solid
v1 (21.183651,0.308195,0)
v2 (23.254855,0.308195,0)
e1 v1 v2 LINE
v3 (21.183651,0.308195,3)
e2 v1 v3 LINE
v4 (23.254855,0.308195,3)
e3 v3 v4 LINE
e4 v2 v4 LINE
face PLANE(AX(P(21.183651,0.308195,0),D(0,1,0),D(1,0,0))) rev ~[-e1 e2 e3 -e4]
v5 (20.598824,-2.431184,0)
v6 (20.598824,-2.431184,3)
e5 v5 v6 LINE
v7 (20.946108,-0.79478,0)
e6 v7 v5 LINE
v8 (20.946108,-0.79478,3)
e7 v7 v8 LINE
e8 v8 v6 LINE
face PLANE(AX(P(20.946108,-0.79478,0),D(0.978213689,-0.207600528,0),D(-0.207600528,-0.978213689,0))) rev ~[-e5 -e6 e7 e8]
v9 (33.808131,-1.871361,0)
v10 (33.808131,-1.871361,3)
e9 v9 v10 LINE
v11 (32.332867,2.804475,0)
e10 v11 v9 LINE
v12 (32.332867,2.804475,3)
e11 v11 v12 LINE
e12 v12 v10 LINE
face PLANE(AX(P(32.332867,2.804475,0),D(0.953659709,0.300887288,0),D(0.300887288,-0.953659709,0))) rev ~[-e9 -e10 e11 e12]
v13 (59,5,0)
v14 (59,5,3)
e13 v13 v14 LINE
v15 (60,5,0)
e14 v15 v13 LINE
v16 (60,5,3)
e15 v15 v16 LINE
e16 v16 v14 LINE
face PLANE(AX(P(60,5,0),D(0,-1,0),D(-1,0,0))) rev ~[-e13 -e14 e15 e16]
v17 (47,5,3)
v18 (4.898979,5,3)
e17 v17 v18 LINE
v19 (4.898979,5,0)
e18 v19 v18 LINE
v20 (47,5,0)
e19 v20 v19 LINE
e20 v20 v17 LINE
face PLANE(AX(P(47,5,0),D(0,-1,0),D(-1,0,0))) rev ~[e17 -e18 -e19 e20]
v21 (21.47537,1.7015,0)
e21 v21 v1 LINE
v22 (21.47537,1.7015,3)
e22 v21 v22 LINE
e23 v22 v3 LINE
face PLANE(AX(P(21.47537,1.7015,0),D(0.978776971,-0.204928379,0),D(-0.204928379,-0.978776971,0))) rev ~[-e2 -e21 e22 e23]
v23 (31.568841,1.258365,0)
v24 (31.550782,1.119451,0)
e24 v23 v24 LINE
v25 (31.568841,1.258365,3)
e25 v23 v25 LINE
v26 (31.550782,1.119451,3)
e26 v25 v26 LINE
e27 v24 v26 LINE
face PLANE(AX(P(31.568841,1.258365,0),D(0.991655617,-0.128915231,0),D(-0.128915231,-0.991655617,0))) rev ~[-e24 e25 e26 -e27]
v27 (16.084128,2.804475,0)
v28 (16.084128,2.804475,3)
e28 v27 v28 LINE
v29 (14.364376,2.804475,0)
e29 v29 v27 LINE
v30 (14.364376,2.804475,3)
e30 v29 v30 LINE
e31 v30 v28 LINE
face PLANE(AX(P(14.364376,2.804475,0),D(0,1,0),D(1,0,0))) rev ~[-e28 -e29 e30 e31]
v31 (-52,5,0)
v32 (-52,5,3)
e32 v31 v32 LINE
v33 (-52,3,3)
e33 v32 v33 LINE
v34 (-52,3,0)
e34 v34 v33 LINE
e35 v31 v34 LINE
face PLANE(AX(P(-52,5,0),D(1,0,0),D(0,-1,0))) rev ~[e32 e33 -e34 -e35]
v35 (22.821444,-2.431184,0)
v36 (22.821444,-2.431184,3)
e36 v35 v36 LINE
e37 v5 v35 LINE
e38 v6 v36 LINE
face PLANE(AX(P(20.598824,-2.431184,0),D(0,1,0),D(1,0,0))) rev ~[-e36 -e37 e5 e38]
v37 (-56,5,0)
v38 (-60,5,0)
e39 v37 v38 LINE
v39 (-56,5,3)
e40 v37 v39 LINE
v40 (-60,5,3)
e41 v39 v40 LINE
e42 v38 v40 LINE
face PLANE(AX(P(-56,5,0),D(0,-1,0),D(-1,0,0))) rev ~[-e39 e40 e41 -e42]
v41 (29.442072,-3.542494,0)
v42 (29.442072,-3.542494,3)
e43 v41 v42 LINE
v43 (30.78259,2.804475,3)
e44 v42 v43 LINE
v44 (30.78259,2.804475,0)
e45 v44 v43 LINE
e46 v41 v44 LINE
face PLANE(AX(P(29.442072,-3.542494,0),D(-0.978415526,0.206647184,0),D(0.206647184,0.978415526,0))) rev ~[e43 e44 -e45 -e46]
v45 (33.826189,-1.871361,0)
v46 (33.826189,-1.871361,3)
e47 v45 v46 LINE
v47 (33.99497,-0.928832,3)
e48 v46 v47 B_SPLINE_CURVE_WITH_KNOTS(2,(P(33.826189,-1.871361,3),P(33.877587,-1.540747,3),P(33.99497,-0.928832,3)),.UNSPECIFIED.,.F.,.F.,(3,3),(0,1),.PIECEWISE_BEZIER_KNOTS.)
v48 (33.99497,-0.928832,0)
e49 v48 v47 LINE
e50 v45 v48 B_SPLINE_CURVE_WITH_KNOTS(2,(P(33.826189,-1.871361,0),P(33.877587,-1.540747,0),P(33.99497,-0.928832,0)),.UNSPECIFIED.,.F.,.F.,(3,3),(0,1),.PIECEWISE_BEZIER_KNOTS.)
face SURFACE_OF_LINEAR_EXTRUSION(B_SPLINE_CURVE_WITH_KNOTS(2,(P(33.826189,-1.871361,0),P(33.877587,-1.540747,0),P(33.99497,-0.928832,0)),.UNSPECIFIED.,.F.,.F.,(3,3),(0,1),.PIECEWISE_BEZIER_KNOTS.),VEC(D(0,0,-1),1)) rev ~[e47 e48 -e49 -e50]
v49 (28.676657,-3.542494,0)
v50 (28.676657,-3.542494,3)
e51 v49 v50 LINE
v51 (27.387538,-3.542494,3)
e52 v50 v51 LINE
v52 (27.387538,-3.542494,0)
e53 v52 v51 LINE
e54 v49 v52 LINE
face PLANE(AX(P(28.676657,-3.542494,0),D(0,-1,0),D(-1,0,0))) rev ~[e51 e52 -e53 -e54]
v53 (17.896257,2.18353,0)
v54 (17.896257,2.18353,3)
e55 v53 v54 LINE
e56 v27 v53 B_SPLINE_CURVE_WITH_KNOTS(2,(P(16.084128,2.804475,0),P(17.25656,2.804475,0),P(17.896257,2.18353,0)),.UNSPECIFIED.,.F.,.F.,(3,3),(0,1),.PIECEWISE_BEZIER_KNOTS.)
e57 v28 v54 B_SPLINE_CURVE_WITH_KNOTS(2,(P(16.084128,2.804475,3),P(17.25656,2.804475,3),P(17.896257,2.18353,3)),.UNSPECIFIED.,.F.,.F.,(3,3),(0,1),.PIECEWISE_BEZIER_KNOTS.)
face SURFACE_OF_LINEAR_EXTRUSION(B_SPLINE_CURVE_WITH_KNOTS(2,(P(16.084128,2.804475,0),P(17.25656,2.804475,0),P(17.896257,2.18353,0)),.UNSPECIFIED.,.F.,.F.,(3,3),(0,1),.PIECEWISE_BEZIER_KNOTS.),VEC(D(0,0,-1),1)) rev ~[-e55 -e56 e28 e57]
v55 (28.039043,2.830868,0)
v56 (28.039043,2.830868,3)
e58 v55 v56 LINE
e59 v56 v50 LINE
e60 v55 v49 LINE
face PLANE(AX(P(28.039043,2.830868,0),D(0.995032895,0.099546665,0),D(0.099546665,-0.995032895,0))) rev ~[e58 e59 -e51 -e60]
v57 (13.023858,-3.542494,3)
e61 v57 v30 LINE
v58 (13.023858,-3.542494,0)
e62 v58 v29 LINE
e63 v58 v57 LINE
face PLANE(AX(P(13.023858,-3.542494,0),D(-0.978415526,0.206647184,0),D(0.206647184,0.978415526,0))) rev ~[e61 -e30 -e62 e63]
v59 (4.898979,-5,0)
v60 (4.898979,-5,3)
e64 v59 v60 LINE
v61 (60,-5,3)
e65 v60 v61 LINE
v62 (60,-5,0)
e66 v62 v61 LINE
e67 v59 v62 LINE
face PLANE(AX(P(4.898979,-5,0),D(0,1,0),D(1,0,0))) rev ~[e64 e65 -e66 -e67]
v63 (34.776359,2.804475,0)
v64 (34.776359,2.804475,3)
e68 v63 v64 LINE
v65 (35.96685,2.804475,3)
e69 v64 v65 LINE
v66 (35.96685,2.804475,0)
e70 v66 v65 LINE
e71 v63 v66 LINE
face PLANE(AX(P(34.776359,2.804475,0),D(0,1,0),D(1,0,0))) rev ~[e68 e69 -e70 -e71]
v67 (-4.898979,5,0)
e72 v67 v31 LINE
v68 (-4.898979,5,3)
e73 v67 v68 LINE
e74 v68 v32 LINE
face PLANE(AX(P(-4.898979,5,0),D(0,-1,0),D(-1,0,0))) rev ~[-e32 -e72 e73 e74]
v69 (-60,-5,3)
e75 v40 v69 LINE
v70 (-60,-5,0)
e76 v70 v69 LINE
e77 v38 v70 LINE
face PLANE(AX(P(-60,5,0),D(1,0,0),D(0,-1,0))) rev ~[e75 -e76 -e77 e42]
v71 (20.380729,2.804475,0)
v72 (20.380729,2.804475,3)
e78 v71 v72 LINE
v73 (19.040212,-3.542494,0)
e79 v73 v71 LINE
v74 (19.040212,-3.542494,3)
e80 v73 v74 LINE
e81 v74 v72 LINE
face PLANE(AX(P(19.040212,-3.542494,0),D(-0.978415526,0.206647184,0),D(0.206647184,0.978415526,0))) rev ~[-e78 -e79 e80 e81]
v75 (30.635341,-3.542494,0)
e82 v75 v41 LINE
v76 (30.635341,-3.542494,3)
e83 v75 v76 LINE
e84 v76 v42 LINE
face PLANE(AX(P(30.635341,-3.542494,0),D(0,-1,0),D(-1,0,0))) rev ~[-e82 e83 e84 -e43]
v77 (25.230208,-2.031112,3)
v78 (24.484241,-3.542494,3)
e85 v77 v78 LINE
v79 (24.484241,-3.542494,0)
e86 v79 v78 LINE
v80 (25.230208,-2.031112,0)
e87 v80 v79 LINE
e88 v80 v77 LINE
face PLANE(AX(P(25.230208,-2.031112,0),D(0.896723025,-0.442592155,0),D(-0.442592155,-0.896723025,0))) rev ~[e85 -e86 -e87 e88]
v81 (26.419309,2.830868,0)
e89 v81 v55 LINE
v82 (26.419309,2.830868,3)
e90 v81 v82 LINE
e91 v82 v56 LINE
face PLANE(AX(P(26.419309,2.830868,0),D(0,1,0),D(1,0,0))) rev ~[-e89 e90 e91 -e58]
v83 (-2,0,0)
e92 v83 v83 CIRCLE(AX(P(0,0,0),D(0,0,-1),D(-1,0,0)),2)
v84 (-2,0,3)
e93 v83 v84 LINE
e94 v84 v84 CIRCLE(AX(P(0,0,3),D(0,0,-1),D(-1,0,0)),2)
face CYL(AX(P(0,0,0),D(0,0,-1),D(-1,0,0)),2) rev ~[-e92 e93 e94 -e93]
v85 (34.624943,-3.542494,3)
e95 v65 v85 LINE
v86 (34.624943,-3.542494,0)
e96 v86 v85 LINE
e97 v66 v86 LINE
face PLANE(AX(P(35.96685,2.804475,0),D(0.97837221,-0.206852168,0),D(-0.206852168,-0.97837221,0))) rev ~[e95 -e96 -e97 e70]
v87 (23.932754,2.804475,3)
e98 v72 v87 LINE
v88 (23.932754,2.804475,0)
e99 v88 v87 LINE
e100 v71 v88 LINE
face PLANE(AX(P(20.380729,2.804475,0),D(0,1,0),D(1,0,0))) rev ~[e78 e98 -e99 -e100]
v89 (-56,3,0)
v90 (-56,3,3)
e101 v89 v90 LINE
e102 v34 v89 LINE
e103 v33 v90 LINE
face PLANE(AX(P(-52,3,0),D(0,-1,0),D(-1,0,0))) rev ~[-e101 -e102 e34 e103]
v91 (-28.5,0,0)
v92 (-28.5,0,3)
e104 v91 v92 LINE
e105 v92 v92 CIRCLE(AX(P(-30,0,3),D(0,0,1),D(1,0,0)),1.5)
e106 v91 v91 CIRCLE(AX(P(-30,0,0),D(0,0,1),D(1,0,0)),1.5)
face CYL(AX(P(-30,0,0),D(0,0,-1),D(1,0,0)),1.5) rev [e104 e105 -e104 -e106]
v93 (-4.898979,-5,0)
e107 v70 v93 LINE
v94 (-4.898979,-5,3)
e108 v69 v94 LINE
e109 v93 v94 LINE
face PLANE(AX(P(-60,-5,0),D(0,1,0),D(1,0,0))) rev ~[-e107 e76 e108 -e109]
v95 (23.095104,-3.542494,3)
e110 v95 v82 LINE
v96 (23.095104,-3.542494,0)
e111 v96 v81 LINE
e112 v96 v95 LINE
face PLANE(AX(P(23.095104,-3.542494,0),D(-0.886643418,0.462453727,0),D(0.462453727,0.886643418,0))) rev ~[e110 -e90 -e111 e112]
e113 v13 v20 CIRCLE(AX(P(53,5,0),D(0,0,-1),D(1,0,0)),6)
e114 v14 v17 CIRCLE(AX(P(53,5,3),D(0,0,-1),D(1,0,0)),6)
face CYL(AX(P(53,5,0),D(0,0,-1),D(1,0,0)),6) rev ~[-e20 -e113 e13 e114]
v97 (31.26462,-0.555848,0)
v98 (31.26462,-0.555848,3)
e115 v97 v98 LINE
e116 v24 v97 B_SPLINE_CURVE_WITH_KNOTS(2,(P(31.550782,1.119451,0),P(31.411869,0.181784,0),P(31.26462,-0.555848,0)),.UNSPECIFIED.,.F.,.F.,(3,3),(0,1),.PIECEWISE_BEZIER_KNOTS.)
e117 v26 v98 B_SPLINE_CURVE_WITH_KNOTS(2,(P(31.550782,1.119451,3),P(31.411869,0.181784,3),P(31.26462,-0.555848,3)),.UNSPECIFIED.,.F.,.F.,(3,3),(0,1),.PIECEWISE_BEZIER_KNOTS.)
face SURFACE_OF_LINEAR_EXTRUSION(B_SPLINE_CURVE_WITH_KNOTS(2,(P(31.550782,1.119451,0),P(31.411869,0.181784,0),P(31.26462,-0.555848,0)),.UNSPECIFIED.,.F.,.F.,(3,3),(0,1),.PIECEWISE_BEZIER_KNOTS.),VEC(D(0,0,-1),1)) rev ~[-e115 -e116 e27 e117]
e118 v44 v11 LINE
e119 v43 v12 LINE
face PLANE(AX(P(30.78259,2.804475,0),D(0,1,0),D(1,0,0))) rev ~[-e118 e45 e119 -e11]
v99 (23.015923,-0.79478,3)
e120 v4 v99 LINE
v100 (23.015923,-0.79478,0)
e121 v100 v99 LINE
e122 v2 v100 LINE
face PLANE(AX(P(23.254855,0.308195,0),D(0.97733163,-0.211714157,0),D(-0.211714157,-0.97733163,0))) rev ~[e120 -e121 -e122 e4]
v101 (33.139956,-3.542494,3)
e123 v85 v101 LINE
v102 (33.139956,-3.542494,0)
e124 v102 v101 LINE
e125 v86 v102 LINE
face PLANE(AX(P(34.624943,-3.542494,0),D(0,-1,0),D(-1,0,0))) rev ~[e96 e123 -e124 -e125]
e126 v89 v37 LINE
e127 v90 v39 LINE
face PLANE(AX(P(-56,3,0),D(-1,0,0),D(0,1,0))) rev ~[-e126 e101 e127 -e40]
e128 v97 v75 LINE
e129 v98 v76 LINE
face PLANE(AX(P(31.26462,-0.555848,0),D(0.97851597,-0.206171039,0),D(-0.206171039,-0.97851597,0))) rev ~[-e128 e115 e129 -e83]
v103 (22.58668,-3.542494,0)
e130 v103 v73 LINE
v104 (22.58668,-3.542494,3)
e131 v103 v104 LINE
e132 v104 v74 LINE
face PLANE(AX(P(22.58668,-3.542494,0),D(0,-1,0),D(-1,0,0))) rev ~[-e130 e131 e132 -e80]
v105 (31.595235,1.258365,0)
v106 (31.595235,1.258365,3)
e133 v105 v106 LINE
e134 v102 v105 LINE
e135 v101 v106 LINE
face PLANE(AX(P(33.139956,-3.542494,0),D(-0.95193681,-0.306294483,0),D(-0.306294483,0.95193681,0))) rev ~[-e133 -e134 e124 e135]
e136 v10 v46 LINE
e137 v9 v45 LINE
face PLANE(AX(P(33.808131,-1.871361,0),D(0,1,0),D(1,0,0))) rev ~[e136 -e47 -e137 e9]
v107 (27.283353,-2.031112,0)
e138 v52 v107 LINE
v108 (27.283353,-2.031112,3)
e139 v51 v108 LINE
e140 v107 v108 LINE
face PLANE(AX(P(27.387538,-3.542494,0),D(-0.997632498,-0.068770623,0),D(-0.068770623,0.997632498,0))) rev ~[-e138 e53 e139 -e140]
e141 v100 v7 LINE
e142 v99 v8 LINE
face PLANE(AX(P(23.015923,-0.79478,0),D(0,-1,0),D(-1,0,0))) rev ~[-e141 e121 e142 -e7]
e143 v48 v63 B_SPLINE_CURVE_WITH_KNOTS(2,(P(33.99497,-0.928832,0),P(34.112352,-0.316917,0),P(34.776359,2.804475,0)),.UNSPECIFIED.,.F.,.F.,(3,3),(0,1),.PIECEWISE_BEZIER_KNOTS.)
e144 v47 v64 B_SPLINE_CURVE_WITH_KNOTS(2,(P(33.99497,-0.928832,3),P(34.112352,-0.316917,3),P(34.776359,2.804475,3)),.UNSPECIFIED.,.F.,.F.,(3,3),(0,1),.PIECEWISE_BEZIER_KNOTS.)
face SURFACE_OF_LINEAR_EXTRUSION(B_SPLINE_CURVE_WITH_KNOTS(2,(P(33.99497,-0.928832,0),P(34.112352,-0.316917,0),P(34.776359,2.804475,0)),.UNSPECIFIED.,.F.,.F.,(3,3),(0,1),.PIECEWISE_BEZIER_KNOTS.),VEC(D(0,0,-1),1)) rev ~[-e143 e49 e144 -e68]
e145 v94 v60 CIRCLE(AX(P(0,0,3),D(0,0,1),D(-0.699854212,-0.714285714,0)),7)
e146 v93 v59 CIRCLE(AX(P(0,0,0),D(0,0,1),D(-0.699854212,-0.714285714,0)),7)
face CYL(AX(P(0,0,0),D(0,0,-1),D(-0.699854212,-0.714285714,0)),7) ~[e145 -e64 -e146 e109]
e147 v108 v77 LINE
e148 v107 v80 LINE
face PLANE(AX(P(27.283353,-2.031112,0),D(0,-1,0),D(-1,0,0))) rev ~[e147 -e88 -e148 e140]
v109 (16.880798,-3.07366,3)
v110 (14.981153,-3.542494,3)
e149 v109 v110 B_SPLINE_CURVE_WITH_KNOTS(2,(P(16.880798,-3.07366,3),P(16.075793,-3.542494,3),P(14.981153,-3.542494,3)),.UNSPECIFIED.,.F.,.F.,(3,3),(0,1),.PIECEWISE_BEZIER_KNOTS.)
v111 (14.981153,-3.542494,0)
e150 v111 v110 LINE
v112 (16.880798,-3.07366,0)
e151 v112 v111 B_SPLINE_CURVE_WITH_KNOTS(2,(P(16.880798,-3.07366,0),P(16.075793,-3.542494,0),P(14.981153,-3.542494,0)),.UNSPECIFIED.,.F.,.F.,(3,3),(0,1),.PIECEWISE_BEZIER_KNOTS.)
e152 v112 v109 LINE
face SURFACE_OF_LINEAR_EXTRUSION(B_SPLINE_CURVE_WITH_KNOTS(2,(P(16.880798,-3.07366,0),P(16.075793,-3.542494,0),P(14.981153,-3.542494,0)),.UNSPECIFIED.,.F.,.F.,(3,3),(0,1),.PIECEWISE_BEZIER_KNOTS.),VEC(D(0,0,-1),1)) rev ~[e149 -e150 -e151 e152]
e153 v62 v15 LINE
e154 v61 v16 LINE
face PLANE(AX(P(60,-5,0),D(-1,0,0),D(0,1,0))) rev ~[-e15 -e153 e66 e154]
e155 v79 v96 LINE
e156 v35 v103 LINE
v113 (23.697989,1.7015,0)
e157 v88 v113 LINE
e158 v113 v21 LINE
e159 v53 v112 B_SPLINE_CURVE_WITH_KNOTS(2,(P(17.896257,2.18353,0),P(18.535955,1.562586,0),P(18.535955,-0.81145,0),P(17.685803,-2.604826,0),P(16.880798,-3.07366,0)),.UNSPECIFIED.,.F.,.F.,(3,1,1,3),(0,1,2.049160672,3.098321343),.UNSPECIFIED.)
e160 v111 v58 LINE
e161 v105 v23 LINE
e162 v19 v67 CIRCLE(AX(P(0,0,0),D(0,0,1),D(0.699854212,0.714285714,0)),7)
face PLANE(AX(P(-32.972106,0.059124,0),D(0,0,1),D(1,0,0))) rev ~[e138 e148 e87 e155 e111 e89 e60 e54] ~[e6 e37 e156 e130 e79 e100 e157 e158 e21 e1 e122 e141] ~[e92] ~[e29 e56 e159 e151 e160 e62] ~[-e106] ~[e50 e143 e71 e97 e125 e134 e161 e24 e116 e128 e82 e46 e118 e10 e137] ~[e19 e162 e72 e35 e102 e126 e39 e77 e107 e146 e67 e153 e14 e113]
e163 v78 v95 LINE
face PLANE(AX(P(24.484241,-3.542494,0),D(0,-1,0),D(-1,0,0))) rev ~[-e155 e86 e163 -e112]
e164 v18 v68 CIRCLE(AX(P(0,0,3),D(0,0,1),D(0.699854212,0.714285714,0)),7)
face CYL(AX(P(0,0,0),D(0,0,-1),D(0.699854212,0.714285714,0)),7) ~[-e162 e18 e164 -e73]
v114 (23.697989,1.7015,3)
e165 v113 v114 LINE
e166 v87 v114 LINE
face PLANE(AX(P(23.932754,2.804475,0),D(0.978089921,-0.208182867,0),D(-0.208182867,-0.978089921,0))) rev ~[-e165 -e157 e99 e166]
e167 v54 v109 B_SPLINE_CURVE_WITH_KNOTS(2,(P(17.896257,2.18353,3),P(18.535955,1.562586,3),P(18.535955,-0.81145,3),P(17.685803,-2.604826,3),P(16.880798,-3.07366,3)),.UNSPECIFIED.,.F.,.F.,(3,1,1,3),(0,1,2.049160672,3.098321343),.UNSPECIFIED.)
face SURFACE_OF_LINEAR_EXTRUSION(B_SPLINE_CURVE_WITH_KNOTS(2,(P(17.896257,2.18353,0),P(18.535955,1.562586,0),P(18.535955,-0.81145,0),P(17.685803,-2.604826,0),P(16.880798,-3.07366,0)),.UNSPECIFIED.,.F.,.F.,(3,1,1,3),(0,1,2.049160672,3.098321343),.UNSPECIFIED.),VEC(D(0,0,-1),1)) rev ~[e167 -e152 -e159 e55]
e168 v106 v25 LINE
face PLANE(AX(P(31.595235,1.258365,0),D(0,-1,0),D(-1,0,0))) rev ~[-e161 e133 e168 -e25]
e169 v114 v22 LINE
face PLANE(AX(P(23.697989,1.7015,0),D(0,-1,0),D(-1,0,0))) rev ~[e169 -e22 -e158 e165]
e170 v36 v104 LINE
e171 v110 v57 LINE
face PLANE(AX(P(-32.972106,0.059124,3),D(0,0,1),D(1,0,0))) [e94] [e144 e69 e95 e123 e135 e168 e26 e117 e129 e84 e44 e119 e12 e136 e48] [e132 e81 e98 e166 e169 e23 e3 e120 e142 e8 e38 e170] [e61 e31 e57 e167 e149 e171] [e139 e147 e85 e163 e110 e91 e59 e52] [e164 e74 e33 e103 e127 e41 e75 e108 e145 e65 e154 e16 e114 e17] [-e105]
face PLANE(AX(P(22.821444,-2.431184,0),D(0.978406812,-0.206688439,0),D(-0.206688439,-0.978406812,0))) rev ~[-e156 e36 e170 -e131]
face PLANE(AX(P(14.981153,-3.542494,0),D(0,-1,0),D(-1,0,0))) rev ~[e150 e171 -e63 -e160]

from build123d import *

# Parameters (mm, degrees)
F0_R     = 1.5
F1_DEPTH = 3


with BuildPart() as f1:
    # F0 (on Top) → F1 (new body)
    with BuildSketch(Plane.XY):
        with BuildLine():
            Line((-56, 5), (-60, 5))
            Line((-60, 5), (-60, -5))
            Line((-60, -5), (-4.8989794856, -5))
            ThreePointArc((-4.8989794856, -5), (-6.4534043883, -2.7117470016), (-7, 0))
            ThreePointArc((-7, 0), (-6.4534043883, 2.7117470016), (-4.8989794856, 5))
            Line((-4.8989794856, 5), (-52, 5))
            Line((-52, 5), (-52, 3))
            Line((-52, 3), (-56, 3))
            Line((-56, 3), (-56, 5))
        make_face()
        with Locations((-30, 0)):
            Circle(F0_R, mode=Mode.SUBTRACT)
        with BuildLine():
            ThreePointArc((4.8989794856, 5), (0, 7), (-4.8989794856, 5))
            Line((-4.8989794856, 5), (4.8989794856, 5))
        make_face()
        with BuildLine():
            Line((4.8989794856, -5), (-4.8989794856, -5))
            ThreePointArc((-4.8989794856, -5), (0, -7), (4.8989794856, -5))
        make_face()
        with BuildLine():
            ThreePointArc((-7, 0), (-6.4534043883, -2.7117470016), (-4.8989794856, -5))
            Line((-4.8989794856, -5), (4.8989794856, -5))
            ThreePointArc((4.8989794856, -5), (6.4534043883, -2.7117470016), (7, 0))
            ThreePointArc((7, 0), (6.4534043883, 2.7117470016), (4.8989794856, 5))
            Line((4.8989794856, 5), (-4.8989794856, 5))
            ThreePointArc((-4.8989794856, 5), (-6.4534043883, 2.7117470016), (-7, 0))
        make_face()
        with BuildLine():
            ThreePointArc((2, 0), (0, -2), (-2, 0))
            ThreePointArc((-2, 0), (0, 2), (2, 0))
        make_face(mode=Mode.SUBTRACT)
        with BuildLine():
            ThreePointArc((7, 0), (6.4534043883, -2.7117470016), (4.8989794856, -5))
            Line((4.8989794856, -5), (60, -5))
            Line((60, -5), (60, 5))
            Line((60, 5), (59, 5))
            ThreePointArc((59, 5), (53, -1), (47, 5))
            Line((47, 5), (4.8989794856, 5))
            ThreePointArc((4.8989794856, 5), (6.4534043883, 2.7117470016), (7, 0))
        make_face()
        with BuildLine():
            add(Edge.make_bspline(
                [(17.89625742, 2.1835303769), (18.5359551454, 1.5625860049), (18.5359551454, 0.4040454989)],
                knots=[0, 0, 0, 1, 1, 1], degree=2))
            add(Edge.make_bspline(
                [(18.5359551454, 0.4040454989), (18.5359551454, -0.8114496364), (18.1108791324, -1.7081377619)],
                knots=[0, 0, 0, 1, 1, 1], degree=2))
            add(Edge.make_bspline(
                [(18.1108791324, -1.7081377619), (17.6858031194, -2.6048258874), (16.8807980555, -3.0736597253)],
                knots=[0, 0, 0, 1, 1, 1], degree=2))
            add(Edge.make_bspline(
                [(16.8807980555, -3.0736597253), (16.0757929917, -3.5424935631), (14.9811528013, -3.5424935631)],
                knots=[0, 0, 0, 1, 1, 1], degree=2))
            Line((14.9811528013, -3.5424935631), (13.0238583492, -3.5424935631))
            Line((13.0238583492, -3.5424935631), (14.3643758412, 2.8044747489))
            Line((14.3643758412, 2.8044747489), (16.0841278154, 2.8044747489))
            add(Edge.make_bspline(
                [(16.0841278154, 2.8044747489), (17.2565596945, 2.8044747489), (17.89625742, 2.1835303769)],
                knots=[0, 0, 0, 1, 1, 1], degree=2))
        make_face(mode=Mode.SUBTRACT)
        Polygon((22.821443708, -2.4311837252), (22.5866795048, -3.5424935631), (19.0402119844, -3.5424935631), (20.3807294764, 2.8044747489), (23.932753546, 2.8044747489), (23.6979893427, 1.7014997347), (21.4753696668, 1.7014997347), (21.1836508343, 0.3081950254), (23.2548545448, 0.3081950254), (23.0159229297, -0.7947799888), (20.9461083565, -0.7947799888), (20.5988240321, -2.4311837252), align=None, mode=Mode.SUBTRACT)
        Polygon((27.3875380047, -3.5424935631), (27.2833527074, -2.0311121835), (25.2302077818, -2.0311121835), (24.4842410531, -3.5424935631), (23.0951037556, -3.5424935631), (26.4193093084, 2.8308683575), (28.0390433972, 2.8308683575), (28.6766574167, -3.5424935631), align=None, mode=Mode.SUBTRACT)
        with BuildLine():
            Line((35.9668499537, 2.8044747489), (34.6249433244, -3.5424935631))
            Line((34.6249433244, -3.5424935631), (33.1399555534, -3.5424935631))
            Line((33.1399555534, -3.5424935631), (31.5952348786, 1.2583649368))
            Line((31.5952348786, 1.2583649368), (31.56884127, 1.2583649368))
            Line((31.56884127, 1.2583649368), (31.5507824851, 1.1194512071))
            add(Edge.make_bspline(
                [(31.5507824851, 1.1194512071), (31.4118687554, 0.1817835313), (31.2646202019, -0.5558483737)],
                knots=[0, 0, 0, 1, 1, 1], degree=2))
            Line((31.2646202019, -0.5558483737), (30.6353410061, -3.5424935631))
            Line((30.6353410061, -3.5424935631), (29.4420720676, -3.5424935631))
            Line((29.4420720676, -3.5424935631), (30.7825895596, 2.8044747489))
            Line((30.7825895596, 2.8044747489), (32.3328667836, 2.8044747489))
            Line((32.3328667836, 2.8044747489), (33.8081305935, -1.8713613943))
            Line((33.8081305935, -1.8713613943), (33.8261893783, -1.8713613943))
            add(Edge.make_bspline(
                [(33.8261893783, -1.8713613943), (33.8775874583, -1.5407467175), (33.99496956, -0.928831738)],
                knots=[0, 0, 0, 1, 1, 1], degree=2))
            add(Edge.make_bspline(
                [(33.99496956, -0.928831738), (34.1123516616, -0.3169167585), (34.7763592898, 2.8044747489)],
                knots=[0, 0, 0, 1, 1, 1], degree=2))
            Line((34.7763592898, 2.8044747489), (35.9668499537, 2.8044747489))
        make_face(mode=Mode.SUBTRACT)
    extrude(amount=F1_DEPTH)


solid = f1.part
